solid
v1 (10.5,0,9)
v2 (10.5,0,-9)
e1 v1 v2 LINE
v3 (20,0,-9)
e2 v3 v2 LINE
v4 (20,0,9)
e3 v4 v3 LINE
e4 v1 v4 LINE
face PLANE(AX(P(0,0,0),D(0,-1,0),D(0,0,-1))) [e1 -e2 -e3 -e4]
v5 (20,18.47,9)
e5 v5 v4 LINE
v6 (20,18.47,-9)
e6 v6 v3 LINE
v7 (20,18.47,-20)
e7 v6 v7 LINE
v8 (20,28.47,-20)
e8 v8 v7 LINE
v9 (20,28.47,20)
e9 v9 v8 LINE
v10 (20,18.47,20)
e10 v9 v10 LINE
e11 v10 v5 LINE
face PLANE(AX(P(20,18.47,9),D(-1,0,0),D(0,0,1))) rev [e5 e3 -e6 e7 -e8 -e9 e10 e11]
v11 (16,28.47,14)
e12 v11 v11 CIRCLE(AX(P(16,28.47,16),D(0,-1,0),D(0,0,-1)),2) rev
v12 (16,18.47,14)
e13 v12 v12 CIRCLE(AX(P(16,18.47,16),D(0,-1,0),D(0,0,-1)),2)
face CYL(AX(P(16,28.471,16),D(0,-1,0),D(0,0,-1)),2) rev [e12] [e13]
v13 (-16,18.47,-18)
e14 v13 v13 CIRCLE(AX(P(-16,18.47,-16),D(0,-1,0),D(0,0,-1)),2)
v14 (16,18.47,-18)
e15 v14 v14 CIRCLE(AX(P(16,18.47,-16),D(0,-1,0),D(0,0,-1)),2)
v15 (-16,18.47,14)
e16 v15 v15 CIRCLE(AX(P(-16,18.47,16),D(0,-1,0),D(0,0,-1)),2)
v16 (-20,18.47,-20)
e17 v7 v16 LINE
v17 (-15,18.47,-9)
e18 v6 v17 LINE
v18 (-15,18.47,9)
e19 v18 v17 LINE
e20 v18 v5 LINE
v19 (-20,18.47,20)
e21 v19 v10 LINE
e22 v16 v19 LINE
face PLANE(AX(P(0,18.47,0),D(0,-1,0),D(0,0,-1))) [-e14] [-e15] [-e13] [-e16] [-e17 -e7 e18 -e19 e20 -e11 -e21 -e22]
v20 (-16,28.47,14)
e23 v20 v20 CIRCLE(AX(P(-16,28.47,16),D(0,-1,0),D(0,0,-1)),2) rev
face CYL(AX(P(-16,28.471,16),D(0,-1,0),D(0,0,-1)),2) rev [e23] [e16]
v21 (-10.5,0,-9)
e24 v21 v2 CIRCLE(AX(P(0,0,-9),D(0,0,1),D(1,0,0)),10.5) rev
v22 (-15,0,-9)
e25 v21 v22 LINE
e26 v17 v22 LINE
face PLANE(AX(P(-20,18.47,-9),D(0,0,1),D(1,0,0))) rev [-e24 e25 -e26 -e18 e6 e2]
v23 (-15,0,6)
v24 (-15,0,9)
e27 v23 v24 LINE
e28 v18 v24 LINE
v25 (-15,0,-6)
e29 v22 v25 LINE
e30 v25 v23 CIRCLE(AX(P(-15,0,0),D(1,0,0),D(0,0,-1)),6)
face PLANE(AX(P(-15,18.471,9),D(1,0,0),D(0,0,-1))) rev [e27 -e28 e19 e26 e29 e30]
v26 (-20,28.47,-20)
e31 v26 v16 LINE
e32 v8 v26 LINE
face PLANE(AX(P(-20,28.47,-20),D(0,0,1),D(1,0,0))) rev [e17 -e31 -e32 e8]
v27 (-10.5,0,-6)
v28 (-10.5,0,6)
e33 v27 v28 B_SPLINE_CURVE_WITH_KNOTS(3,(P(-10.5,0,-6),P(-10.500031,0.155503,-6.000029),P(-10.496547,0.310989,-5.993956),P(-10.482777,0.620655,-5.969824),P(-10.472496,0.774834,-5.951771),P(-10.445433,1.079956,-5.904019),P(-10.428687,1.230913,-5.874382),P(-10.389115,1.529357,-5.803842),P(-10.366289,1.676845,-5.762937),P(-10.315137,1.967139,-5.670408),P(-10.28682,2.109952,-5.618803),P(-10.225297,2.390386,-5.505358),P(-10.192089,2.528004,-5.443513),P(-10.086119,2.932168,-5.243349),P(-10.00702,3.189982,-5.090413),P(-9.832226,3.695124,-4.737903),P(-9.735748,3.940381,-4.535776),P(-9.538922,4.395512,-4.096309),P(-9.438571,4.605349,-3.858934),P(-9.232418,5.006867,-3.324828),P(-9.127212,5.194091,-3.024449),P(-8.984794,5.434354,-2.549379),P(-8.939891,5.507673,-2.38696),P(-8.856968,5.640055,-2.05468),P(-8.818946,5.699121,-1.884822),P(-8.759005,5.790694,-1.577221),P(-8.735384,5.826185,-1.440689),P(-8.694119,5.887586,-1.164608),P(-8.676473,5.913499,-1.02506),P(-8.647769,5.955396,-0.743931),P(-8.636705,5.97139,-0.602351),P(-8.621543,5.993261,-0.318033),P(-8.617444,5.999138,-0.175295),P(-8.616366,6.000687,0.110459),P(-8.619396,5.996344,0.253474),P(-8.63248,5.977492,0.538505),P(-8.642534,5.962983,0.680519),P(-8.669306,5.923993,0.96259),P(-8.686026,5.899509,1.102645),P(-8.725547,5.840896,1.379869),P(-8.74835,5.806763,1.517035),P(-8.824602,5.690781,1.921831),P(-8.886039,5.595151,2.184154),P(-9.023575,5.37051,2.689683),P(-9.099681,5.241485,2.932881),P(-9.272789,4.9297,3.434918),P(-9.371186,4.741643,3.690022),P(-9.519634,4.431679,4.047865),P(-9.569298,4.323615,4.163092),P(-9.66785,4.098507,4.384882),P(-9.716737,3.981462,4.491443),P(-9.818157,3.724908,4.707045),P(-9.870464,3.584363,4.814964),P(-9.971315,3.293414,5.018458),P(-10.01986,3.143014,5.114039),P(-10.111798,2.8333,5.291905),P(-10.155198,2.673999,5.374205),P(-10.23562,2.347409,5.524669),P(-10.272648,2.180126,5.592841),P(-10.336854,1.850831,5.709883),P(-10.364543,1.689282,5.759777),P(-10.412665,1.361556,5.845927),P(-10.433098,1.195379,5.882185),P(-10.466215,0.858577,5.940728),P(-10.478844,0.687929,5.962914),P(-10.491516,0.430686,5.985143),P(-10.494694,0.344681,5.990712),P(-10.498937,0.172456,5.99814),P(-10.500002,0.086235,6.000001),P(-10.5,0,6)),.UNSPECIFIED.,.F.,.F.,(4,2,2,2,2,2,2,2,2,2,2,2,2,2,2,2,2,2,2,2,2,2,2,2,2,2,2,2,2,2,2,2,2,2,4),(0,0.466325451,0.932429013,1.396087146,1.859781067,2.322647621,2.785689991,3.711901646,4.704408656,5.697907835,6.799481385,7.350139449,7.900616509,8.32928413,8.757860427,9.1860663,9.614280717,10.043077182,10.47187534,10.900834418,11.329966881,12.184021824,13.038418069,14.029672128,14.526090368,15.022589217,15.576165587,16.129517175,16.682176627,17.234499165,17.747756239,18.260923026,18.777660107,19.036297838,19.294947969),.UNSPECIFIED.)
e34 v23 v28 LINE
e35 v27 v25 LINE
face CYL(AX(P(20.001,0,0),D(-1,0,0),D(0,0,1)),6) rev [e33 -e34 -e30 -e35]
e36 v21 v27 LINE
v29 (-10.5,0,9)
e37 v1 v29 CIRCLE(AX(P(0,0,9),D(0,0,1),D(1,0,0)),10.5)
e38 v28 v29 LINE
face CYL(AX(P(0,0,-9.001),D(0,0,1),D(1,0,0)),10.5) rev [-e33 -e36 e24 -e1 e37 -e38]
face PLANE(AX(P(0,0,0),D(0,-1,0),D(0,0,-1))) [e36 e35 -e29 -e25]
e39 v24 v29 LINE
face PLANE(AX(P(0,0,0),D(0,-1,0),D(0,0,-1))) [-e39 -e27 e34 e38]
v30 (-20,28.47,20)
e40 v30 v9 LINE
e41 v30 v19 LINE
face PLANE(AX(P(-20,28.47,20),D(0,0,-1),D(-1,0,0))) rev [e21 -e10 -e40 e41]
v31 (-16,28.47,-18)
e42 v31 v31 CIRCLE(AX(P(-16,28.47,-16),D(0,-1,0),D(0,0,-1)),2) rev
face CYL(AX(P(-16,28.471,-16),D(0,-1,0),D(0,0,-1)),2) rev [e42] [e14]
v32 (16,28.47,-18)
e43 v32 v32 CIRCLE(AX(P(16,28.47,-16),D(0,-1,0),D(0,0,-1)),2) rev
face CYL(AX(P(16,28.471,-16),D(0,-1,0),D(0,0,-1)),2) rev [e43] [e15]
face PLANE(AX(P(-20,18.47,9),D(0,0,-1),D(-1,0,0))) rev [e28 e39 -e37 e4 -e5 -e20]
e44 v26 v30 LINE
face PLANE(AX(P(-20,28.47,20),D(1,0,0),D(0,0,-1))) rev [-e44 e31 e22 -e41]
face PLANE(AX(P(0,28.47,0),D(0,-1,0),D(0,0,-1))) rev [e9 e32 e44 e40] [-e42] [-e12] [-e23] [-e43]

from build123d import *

# Parameters (mm, degrees)
SKETCH1_W           = 40
SKETCH1_H           = 18
BOSS_EXTRUDE1_DEPTH = 18.47
CUT_EXTRUDE1_REACH  = 20
SKETCH2_R           = 10.5
CUT_EXTRUDE3_REACH  = 42
SKETCH4_R           = 6
CUT_EXTRUDE4_REACH  = 20.47
SKETCH5_W           = 5
SKETCH5_H           = 18
SKETCH6_W           = 40
SKETCH6_H           = 40
BOSS_EXTRUDE2_DEPTH = 10
CUT_EXTRUDE5_REACH  = 12
SKETCH7_R           = 2


with BuildPart() as part:
    # Sketch1 → Boss-Extrude1 (new body)
    with BuildSketch(Plane(origin=(0, 0, 0), x_dir=(1, 0, 0), z_dir=(0, 1, 0))):
        Rectangle(SKETCH1_W, SKETCH1_H)
    extrude(amount=BOSS_EXTRUDE1_DEPTH)

    # Sketch2 → Cut-Extrude1 (cut, up to next)
    with BuildSketch(Plane.XY.offset(9), mode=Mode.PRIVATE) as cut_extrude1_sk1:
        Circle(SKETCH2_R)
    cut_extrude1_tool1 = extrude(cut_extrude1_sk1.sketch, amount=-CUT_EXTRUDE1_REACH, mode=Mode.PRIVATE) & part.part
    add(cut_extrude1_tool1.solids().sort_by_distance((0, 0, 9))[0], mode=Mode.SUBTRACT)

    # Sketch4 → Cut-Extrude3 (cut, up to next)
    with BuildSketch(Plane.ZY.offset(20), mode=Mode.PRIVATE) as cut_extrude3_sk1:
        Circle(SKETCH4_R)
    cut_extrude3_tool1 = extrude(cut_extrude3_sk1.sketch, amount=-CUT_EXTRUDE3_REACH, mode=Mode.PRIVATE) & part.part
    add(cut_extrude3_tool1.solids().sort_by_distance((-20, 0, 0))[0], mode=Mode.SUBTRACT)

    # Sketch5 → Cut-Extrude4 (cut, up to next)
    with BuildSketch(Plane.XZ, mode=Mode.PRIVATE) as cut_extrude4_sk1:
        with Locations((-17.5, 0)):
            Rectangle(SKETCH5_W, SKETCH5_H)
    cut_extrude4_tool1 = extrude(cut_extrude4_sk1.sketch, amount=-CUT_EXTRUDE4_REACH, mode=Mode.PRIVATE) & part.part
    add(cut_extrude4_tool1.solids().sort_by_distance((-17.5, 0, 0))[0], mode=Mode.SUBTRACT)

    # Sketch6 → Boss-Extrude2 (add)
    with BuildSketch(Plane(origin=(0, 18.47, 0), x_dir=(1, 0, 0), z_dir=(0, 1, 0))):
        Rectangle(SKETCH6_W, SKETCH6_H)
    extrude(amount=BOSS_EXTRUDE2_DEPTH)

    # Sketch7 → Cut-Extrude5 (cut, up to next)
    with BuildSketch(Plane.XZ.offset(-18.47), mode=Mode.PRIVATE) as cut_extrude5_sk1:
        with Locations((16, 16)):
            Circle(SKETCH7_R)
    cut_extrude5_tool1 = extrude(cut_extrude5_sk1.sketch, amount=-CUT_EXTRUDE5_REACH, mode=Mode.PRIVATE) & part.part
    add(cut_extrude5_tool1.solids().sort_by_distance((16, 18.47, 16))[0], mode=Mode.SUBTRACT)
    # Sketch7 → Cut-Extrude5 (cut, up to next)
    with BuildSketch(Plane.XZ.offset(-18.47), mode=Mode.PRIVATE) as cut_extrude5_sk2:
        with Locations((-16, 16)):
            Circle(SKETCH7_R)
    cut_extrude5_tool2 = extrude(cut_extrude5_sk2.sketch, amount=-CUT_EXTRUDE5_REACH, mode=Mode.PRIVATE) & part.part
    add(cut_extrude5_tool2.solids().sort_by_distance((-16, 18.47, 16))[0], mode=Mode.SUBTRACT)
    # Sketch7 → Cut-Extrude5 (cut, up to next)
    with BuildSketch(Plane.XZ.offset(-18.47), mode=Mode.PRIVATE) as cut_extrude5_sk3:
        with Locations((16, -16)):
            Circle(SKETCH7_R)
    cut_extrude5_tool3 = extrude(cut_extrude5_sk3.sketch, amount=-CUT_EXTRUDE5_REACH, mode=Mode.PRIVATE) & part.part
    add(cut_extrude5_tool3.solids().sort_by_distance((16, 18.47, -16))[0], mode=Mode.SUBTRACT)
    # Sketch7 → Cut-Extrude5 (cut, up to next)
    with BuildSketch(Plane.XZ.offset(-18.47), mode=Mode.PRIVATE) as cut_extrude5_sk4:
        with Locations((-16, -16)):
            Circle(SKETCH7_R)
    cut_extrude5_tool4 = extrude(cut_extrude5_sk4.sketch, amount=-CUT_EXTRUDE5_REACH, mode=Mode.PRIVATE) & part.part
    add(cut_extrude5_tool4.solids().sort_by_distance((-16, 18.47, -16))[0], mode=Mode.SUBTRACT)


solid = part.part
